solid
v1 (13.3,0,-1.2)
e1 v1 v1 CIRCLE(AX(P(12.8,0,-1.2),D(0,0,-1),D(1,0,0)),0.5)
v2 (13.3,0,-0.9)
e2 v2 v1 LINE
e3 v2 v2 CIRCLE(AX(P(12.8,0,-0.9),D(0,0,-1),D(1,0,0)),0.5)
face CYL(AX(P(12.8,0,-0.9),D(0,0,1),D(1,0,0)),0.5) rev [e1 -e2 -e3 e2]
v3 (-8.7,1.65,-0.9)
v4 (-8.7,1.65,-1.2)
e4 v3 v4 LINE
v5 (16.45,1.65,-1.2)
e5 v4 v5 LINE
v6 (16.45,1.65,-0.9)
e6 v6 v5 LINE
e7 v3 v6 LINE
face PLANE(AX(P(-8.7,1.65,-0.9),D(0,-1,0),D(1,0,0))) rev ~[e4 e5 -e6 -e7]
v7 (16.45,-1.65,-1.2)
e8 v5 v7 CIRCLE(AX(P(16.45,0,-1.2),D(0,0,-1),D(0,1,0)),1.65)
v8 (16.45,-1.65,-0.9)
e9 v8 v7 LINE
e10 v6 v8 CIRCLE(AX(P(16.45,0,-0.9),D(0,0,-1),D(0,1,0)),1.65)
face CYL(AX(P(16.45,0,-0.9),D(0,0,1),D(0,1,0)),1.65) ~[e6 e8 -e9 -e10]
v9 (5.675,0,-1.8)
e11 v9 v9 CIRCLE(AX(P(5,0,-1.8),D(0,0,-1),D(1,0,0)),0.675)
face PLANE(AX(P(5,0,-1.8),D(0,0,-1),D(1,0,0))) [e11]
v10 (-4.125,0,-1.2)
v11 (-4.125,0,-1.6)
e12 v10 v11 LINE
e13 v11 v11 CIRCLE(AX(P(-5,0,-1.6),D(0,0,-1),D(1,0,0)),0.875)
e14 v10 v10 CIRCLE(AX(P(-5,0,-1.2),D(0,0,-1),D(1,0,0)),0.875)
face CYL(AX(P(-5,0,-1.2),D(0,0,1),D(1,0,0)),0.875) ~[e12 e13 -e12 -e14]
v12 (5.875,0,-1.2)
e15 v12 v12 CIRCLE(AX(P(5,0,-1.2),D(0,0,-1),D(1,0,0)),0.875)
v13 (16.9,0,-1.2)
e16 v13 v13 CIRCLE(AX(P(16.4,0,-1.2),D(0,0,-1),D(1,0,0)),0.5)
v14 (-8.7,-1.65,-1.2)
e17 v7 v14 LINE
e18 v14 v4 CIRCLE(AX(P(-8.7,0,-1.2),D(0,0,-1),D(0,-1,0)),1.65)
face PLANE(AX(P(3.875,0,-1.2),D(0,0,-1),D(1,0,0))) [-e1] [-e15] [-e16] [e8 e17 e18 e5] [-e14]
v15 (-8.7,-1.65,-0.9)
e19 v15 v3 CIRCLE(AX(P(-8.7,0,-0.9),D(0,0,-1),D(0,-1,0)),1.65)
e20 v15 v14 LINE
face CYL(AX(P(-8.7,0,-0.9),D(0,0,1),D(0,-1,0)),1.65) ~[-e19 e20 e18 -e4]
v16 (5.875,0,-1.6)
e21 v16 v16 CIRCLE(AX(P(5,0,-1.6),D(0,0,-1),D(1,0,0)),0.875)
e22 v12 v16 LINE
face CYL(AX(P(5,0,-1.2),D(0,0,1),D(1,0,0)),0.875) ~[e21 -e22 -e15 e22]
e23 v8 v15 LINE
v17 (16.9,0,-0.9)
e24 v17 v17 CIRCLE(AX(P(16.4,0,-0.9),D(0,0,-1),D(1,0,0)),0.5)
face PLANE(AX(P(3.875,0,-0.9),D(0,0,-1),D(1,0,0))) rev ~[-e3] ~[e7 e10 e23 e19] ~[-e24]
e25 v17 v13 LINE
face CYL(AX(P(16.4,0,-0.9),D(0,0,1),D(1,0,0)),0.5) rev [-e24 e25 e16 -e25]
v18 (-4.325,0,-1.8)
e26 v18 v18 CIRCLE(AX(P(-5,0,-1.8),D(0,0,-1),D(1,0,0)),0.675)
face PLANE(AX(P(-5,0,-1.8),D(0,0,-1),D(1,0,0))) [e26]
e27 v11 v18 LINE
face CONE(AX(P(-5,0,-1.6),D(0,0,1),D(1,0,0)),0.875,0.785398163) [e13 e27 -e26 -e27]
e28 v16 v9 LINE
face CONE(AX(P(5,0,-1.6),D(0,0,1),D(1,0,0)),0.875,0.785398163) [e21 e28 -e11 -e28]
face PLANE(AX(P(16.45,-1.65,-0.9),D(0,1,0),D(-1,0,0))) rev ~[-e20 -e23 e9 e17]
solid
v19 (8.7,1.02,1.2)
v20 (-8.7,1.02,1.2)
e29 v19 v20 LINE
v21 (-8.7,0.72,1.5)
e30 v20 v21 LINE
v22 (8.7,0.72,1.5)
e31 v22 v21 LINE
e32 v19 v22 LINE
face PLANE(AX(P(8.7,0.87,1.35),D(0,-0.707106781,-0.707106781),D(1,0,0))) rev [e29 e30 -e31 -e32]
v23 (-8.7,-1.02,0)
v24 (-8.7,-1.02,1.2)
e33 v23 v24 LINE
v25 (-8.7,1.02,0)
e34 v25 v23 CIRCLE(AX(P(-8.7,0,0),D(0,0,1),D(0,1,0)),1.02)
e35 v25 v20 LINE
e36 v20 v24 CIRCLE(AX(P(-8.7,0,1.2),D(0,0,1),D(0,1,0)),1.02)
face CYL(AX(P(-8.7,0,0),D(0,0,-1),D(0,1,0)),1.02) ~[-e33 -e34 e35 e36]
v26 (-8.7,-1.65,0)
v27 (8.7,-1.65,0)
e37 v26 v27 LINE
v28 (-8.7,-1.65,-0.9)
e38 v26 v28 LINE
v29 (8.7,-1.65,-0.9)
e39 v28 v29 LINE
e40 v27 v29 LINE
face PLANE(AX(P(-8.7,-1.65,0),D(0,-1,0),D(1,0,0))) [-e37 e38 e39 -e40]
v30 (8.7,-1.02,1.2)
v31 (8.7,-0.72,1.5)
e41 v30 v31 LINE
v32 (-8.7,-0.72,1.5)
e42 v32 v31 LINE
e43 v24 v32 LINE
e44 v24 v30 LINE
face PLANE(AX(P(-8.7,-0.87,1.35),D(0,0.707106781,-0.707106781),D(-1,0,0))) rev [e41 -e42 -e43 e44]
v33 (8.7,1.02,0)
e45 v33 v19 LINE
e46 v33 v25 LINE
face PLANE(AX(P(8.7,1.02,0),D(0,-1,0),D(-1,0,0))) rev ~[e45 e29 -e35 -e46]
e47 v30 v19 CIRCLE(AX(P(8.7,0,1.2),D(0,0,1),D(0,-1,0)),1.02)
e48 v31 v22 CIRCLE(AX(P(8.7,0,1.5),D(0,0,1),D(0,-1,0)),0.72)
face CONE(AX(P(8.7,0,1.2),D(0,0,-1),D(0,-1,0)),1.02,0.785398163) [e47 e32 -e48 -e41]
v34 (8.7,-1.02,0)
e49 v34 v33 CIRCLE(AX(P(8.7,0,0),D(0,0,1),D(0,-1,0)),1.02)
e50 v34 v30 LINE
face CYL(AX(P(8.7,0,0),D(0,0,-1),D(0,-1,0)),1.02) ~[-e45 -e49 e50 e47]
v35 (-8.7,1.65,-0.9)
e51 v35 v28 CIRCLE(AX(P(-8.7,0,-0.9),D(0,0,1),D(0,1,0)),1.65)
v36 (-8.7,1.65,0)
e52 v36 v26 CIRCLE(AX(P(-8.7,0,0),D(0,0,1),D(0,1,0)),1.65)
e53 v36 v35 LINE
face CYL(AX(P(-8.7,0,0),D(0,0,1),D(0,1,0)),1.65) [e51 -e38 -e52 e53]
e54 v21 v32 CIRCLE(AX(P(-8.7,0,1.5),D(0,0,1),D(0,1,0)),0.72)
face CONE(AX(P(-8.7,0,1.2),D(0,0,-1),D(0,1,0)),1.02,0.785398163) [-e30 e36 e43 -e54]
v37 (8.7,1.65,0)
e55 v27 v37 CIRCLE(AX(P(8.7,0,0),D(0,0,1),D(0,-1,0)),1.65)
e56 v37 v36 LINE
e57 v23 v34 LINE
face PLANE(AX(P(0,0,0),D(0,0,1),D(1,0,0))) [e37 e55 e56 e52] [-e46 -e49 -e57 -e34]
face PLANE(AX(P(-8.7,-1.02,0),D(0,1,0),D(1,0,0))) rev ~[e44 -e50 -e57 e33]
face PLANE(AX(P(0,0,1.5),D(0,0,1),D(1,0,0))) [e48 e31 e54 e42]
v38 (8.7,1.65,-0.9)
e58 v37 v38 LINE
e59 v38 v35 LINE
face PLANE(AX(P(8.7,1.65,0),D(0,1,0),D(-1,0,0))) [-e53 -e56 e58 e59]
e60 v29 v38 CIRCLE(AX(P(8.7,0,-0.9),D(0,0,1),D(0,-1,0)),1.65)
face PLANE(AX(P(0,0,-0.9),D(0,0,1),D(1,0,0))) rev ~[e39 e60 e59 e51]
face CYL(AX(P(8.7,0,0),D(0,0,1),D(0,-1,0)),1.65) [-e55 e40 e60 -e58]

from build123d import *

# Parameters (mm, degrees)
F1_DEPTH = 1.5
F2_SIZE  = 0.3
F4_DEPTH = 0.9
F5_R     = 0.5
F6_DEPTH = 0.3
F7_R     = 0.875
F8_DEPTH = 0.6
F9_SIZE  = 0.2


with BuildPart() as f1:
    # F0 (on Top) → F1 (new body)
    with BuildSketch(Plane.XY):
        with BuildLine():
            Line((8.7, 1.02), (-8.7, 1.02))
            ThreePointArc((-8.7, 1.02), (-9.72, 0), (-8.7, -1.02))
            Line((-8.7, -1.02), (8.7, -1.02))
            ThreePointArc((8.7, -1.02), (9.72, 0), (8.7, 1.02))
        make_face()
    extrude(amount=F1_DEPTH)

    # F2
    f2_edges = [f1.edges().sort_by_distance(p)[0] for p in [
        (0, 1.02, 1.5),
        (-9.72, 0, 1.5),
        (0, -1.02, 1.5),
        (9.72, 0, 1.5),
    ]]
    chamfer(f2_edges, length=F2_SIZE)

    # F3 (on Top) → F4 (join)
    with BuildSketch(Plane.XY):
        with BuildLine():
            ThreePointArc((-8.7, 1.65), (-10.35, 0), (-8.7, -1.65))
            Line((-8.7, -1.65), (8.7, -1.65))
            ThreePointArc((8.7, -1.65), (10.35, 0), (8.7, 1.65))
            Line((8.7, 1.65), (-8.7, 1.65))
        make_face()
    extrude(amount=-F4_DEPTH)


with BuildPart() as f6:
    # F5 (on face) → F6 (new body)
    with BuildSketch(Plane(origin=(0, 0, -0.9), x_dir=(1, 0, 0), z_dir=(0, 0, -1))):
        with BuildLine():
            Line((16.45, 1.65), (-8.7, 1.65))
            ThreePointArc((-8.7, 1.65), (-10.35, 0), (-8.7, -1.65))
            Line((-8.7, -1.65), (16.45, -1.65))
            ThreePointArc((16.45, -1.65), (18.1, 0), (16.45, 1.65))
        make_face()
        with Locations((12.8, 0)):
            Circle(F5_R, mode=Mode.SUBTRACT)
        with Locations((16.4, 0)):
            Circle(F5_R, mode=Mode.SUBTRACT)
    extrude(amount=F6_DEPTH)

    # F7 (on face) → F8 (join)
    with BuildSketch(Plane(origin=(0, 0, -1.2), x_dir=(1, 0, 0), z_dir=(0, 0, -1))):
        with Locations((-5, 0)):
            Circle(F7_R)
        with Locations((5, 0)):
            Circle(F7_R)
    extrude(amount=F8_DEPTH)

    # F9
    f9_edges = [f6.edges().sort_by_distance(p)[0] for p in [
        (-5.875, 0, -1.8),
        (4.125, 0, -1.8),
    ]]
    chamfer(f9_edges, length=F9_SIZE)


solid = Compound([f1.part, f6.part])
